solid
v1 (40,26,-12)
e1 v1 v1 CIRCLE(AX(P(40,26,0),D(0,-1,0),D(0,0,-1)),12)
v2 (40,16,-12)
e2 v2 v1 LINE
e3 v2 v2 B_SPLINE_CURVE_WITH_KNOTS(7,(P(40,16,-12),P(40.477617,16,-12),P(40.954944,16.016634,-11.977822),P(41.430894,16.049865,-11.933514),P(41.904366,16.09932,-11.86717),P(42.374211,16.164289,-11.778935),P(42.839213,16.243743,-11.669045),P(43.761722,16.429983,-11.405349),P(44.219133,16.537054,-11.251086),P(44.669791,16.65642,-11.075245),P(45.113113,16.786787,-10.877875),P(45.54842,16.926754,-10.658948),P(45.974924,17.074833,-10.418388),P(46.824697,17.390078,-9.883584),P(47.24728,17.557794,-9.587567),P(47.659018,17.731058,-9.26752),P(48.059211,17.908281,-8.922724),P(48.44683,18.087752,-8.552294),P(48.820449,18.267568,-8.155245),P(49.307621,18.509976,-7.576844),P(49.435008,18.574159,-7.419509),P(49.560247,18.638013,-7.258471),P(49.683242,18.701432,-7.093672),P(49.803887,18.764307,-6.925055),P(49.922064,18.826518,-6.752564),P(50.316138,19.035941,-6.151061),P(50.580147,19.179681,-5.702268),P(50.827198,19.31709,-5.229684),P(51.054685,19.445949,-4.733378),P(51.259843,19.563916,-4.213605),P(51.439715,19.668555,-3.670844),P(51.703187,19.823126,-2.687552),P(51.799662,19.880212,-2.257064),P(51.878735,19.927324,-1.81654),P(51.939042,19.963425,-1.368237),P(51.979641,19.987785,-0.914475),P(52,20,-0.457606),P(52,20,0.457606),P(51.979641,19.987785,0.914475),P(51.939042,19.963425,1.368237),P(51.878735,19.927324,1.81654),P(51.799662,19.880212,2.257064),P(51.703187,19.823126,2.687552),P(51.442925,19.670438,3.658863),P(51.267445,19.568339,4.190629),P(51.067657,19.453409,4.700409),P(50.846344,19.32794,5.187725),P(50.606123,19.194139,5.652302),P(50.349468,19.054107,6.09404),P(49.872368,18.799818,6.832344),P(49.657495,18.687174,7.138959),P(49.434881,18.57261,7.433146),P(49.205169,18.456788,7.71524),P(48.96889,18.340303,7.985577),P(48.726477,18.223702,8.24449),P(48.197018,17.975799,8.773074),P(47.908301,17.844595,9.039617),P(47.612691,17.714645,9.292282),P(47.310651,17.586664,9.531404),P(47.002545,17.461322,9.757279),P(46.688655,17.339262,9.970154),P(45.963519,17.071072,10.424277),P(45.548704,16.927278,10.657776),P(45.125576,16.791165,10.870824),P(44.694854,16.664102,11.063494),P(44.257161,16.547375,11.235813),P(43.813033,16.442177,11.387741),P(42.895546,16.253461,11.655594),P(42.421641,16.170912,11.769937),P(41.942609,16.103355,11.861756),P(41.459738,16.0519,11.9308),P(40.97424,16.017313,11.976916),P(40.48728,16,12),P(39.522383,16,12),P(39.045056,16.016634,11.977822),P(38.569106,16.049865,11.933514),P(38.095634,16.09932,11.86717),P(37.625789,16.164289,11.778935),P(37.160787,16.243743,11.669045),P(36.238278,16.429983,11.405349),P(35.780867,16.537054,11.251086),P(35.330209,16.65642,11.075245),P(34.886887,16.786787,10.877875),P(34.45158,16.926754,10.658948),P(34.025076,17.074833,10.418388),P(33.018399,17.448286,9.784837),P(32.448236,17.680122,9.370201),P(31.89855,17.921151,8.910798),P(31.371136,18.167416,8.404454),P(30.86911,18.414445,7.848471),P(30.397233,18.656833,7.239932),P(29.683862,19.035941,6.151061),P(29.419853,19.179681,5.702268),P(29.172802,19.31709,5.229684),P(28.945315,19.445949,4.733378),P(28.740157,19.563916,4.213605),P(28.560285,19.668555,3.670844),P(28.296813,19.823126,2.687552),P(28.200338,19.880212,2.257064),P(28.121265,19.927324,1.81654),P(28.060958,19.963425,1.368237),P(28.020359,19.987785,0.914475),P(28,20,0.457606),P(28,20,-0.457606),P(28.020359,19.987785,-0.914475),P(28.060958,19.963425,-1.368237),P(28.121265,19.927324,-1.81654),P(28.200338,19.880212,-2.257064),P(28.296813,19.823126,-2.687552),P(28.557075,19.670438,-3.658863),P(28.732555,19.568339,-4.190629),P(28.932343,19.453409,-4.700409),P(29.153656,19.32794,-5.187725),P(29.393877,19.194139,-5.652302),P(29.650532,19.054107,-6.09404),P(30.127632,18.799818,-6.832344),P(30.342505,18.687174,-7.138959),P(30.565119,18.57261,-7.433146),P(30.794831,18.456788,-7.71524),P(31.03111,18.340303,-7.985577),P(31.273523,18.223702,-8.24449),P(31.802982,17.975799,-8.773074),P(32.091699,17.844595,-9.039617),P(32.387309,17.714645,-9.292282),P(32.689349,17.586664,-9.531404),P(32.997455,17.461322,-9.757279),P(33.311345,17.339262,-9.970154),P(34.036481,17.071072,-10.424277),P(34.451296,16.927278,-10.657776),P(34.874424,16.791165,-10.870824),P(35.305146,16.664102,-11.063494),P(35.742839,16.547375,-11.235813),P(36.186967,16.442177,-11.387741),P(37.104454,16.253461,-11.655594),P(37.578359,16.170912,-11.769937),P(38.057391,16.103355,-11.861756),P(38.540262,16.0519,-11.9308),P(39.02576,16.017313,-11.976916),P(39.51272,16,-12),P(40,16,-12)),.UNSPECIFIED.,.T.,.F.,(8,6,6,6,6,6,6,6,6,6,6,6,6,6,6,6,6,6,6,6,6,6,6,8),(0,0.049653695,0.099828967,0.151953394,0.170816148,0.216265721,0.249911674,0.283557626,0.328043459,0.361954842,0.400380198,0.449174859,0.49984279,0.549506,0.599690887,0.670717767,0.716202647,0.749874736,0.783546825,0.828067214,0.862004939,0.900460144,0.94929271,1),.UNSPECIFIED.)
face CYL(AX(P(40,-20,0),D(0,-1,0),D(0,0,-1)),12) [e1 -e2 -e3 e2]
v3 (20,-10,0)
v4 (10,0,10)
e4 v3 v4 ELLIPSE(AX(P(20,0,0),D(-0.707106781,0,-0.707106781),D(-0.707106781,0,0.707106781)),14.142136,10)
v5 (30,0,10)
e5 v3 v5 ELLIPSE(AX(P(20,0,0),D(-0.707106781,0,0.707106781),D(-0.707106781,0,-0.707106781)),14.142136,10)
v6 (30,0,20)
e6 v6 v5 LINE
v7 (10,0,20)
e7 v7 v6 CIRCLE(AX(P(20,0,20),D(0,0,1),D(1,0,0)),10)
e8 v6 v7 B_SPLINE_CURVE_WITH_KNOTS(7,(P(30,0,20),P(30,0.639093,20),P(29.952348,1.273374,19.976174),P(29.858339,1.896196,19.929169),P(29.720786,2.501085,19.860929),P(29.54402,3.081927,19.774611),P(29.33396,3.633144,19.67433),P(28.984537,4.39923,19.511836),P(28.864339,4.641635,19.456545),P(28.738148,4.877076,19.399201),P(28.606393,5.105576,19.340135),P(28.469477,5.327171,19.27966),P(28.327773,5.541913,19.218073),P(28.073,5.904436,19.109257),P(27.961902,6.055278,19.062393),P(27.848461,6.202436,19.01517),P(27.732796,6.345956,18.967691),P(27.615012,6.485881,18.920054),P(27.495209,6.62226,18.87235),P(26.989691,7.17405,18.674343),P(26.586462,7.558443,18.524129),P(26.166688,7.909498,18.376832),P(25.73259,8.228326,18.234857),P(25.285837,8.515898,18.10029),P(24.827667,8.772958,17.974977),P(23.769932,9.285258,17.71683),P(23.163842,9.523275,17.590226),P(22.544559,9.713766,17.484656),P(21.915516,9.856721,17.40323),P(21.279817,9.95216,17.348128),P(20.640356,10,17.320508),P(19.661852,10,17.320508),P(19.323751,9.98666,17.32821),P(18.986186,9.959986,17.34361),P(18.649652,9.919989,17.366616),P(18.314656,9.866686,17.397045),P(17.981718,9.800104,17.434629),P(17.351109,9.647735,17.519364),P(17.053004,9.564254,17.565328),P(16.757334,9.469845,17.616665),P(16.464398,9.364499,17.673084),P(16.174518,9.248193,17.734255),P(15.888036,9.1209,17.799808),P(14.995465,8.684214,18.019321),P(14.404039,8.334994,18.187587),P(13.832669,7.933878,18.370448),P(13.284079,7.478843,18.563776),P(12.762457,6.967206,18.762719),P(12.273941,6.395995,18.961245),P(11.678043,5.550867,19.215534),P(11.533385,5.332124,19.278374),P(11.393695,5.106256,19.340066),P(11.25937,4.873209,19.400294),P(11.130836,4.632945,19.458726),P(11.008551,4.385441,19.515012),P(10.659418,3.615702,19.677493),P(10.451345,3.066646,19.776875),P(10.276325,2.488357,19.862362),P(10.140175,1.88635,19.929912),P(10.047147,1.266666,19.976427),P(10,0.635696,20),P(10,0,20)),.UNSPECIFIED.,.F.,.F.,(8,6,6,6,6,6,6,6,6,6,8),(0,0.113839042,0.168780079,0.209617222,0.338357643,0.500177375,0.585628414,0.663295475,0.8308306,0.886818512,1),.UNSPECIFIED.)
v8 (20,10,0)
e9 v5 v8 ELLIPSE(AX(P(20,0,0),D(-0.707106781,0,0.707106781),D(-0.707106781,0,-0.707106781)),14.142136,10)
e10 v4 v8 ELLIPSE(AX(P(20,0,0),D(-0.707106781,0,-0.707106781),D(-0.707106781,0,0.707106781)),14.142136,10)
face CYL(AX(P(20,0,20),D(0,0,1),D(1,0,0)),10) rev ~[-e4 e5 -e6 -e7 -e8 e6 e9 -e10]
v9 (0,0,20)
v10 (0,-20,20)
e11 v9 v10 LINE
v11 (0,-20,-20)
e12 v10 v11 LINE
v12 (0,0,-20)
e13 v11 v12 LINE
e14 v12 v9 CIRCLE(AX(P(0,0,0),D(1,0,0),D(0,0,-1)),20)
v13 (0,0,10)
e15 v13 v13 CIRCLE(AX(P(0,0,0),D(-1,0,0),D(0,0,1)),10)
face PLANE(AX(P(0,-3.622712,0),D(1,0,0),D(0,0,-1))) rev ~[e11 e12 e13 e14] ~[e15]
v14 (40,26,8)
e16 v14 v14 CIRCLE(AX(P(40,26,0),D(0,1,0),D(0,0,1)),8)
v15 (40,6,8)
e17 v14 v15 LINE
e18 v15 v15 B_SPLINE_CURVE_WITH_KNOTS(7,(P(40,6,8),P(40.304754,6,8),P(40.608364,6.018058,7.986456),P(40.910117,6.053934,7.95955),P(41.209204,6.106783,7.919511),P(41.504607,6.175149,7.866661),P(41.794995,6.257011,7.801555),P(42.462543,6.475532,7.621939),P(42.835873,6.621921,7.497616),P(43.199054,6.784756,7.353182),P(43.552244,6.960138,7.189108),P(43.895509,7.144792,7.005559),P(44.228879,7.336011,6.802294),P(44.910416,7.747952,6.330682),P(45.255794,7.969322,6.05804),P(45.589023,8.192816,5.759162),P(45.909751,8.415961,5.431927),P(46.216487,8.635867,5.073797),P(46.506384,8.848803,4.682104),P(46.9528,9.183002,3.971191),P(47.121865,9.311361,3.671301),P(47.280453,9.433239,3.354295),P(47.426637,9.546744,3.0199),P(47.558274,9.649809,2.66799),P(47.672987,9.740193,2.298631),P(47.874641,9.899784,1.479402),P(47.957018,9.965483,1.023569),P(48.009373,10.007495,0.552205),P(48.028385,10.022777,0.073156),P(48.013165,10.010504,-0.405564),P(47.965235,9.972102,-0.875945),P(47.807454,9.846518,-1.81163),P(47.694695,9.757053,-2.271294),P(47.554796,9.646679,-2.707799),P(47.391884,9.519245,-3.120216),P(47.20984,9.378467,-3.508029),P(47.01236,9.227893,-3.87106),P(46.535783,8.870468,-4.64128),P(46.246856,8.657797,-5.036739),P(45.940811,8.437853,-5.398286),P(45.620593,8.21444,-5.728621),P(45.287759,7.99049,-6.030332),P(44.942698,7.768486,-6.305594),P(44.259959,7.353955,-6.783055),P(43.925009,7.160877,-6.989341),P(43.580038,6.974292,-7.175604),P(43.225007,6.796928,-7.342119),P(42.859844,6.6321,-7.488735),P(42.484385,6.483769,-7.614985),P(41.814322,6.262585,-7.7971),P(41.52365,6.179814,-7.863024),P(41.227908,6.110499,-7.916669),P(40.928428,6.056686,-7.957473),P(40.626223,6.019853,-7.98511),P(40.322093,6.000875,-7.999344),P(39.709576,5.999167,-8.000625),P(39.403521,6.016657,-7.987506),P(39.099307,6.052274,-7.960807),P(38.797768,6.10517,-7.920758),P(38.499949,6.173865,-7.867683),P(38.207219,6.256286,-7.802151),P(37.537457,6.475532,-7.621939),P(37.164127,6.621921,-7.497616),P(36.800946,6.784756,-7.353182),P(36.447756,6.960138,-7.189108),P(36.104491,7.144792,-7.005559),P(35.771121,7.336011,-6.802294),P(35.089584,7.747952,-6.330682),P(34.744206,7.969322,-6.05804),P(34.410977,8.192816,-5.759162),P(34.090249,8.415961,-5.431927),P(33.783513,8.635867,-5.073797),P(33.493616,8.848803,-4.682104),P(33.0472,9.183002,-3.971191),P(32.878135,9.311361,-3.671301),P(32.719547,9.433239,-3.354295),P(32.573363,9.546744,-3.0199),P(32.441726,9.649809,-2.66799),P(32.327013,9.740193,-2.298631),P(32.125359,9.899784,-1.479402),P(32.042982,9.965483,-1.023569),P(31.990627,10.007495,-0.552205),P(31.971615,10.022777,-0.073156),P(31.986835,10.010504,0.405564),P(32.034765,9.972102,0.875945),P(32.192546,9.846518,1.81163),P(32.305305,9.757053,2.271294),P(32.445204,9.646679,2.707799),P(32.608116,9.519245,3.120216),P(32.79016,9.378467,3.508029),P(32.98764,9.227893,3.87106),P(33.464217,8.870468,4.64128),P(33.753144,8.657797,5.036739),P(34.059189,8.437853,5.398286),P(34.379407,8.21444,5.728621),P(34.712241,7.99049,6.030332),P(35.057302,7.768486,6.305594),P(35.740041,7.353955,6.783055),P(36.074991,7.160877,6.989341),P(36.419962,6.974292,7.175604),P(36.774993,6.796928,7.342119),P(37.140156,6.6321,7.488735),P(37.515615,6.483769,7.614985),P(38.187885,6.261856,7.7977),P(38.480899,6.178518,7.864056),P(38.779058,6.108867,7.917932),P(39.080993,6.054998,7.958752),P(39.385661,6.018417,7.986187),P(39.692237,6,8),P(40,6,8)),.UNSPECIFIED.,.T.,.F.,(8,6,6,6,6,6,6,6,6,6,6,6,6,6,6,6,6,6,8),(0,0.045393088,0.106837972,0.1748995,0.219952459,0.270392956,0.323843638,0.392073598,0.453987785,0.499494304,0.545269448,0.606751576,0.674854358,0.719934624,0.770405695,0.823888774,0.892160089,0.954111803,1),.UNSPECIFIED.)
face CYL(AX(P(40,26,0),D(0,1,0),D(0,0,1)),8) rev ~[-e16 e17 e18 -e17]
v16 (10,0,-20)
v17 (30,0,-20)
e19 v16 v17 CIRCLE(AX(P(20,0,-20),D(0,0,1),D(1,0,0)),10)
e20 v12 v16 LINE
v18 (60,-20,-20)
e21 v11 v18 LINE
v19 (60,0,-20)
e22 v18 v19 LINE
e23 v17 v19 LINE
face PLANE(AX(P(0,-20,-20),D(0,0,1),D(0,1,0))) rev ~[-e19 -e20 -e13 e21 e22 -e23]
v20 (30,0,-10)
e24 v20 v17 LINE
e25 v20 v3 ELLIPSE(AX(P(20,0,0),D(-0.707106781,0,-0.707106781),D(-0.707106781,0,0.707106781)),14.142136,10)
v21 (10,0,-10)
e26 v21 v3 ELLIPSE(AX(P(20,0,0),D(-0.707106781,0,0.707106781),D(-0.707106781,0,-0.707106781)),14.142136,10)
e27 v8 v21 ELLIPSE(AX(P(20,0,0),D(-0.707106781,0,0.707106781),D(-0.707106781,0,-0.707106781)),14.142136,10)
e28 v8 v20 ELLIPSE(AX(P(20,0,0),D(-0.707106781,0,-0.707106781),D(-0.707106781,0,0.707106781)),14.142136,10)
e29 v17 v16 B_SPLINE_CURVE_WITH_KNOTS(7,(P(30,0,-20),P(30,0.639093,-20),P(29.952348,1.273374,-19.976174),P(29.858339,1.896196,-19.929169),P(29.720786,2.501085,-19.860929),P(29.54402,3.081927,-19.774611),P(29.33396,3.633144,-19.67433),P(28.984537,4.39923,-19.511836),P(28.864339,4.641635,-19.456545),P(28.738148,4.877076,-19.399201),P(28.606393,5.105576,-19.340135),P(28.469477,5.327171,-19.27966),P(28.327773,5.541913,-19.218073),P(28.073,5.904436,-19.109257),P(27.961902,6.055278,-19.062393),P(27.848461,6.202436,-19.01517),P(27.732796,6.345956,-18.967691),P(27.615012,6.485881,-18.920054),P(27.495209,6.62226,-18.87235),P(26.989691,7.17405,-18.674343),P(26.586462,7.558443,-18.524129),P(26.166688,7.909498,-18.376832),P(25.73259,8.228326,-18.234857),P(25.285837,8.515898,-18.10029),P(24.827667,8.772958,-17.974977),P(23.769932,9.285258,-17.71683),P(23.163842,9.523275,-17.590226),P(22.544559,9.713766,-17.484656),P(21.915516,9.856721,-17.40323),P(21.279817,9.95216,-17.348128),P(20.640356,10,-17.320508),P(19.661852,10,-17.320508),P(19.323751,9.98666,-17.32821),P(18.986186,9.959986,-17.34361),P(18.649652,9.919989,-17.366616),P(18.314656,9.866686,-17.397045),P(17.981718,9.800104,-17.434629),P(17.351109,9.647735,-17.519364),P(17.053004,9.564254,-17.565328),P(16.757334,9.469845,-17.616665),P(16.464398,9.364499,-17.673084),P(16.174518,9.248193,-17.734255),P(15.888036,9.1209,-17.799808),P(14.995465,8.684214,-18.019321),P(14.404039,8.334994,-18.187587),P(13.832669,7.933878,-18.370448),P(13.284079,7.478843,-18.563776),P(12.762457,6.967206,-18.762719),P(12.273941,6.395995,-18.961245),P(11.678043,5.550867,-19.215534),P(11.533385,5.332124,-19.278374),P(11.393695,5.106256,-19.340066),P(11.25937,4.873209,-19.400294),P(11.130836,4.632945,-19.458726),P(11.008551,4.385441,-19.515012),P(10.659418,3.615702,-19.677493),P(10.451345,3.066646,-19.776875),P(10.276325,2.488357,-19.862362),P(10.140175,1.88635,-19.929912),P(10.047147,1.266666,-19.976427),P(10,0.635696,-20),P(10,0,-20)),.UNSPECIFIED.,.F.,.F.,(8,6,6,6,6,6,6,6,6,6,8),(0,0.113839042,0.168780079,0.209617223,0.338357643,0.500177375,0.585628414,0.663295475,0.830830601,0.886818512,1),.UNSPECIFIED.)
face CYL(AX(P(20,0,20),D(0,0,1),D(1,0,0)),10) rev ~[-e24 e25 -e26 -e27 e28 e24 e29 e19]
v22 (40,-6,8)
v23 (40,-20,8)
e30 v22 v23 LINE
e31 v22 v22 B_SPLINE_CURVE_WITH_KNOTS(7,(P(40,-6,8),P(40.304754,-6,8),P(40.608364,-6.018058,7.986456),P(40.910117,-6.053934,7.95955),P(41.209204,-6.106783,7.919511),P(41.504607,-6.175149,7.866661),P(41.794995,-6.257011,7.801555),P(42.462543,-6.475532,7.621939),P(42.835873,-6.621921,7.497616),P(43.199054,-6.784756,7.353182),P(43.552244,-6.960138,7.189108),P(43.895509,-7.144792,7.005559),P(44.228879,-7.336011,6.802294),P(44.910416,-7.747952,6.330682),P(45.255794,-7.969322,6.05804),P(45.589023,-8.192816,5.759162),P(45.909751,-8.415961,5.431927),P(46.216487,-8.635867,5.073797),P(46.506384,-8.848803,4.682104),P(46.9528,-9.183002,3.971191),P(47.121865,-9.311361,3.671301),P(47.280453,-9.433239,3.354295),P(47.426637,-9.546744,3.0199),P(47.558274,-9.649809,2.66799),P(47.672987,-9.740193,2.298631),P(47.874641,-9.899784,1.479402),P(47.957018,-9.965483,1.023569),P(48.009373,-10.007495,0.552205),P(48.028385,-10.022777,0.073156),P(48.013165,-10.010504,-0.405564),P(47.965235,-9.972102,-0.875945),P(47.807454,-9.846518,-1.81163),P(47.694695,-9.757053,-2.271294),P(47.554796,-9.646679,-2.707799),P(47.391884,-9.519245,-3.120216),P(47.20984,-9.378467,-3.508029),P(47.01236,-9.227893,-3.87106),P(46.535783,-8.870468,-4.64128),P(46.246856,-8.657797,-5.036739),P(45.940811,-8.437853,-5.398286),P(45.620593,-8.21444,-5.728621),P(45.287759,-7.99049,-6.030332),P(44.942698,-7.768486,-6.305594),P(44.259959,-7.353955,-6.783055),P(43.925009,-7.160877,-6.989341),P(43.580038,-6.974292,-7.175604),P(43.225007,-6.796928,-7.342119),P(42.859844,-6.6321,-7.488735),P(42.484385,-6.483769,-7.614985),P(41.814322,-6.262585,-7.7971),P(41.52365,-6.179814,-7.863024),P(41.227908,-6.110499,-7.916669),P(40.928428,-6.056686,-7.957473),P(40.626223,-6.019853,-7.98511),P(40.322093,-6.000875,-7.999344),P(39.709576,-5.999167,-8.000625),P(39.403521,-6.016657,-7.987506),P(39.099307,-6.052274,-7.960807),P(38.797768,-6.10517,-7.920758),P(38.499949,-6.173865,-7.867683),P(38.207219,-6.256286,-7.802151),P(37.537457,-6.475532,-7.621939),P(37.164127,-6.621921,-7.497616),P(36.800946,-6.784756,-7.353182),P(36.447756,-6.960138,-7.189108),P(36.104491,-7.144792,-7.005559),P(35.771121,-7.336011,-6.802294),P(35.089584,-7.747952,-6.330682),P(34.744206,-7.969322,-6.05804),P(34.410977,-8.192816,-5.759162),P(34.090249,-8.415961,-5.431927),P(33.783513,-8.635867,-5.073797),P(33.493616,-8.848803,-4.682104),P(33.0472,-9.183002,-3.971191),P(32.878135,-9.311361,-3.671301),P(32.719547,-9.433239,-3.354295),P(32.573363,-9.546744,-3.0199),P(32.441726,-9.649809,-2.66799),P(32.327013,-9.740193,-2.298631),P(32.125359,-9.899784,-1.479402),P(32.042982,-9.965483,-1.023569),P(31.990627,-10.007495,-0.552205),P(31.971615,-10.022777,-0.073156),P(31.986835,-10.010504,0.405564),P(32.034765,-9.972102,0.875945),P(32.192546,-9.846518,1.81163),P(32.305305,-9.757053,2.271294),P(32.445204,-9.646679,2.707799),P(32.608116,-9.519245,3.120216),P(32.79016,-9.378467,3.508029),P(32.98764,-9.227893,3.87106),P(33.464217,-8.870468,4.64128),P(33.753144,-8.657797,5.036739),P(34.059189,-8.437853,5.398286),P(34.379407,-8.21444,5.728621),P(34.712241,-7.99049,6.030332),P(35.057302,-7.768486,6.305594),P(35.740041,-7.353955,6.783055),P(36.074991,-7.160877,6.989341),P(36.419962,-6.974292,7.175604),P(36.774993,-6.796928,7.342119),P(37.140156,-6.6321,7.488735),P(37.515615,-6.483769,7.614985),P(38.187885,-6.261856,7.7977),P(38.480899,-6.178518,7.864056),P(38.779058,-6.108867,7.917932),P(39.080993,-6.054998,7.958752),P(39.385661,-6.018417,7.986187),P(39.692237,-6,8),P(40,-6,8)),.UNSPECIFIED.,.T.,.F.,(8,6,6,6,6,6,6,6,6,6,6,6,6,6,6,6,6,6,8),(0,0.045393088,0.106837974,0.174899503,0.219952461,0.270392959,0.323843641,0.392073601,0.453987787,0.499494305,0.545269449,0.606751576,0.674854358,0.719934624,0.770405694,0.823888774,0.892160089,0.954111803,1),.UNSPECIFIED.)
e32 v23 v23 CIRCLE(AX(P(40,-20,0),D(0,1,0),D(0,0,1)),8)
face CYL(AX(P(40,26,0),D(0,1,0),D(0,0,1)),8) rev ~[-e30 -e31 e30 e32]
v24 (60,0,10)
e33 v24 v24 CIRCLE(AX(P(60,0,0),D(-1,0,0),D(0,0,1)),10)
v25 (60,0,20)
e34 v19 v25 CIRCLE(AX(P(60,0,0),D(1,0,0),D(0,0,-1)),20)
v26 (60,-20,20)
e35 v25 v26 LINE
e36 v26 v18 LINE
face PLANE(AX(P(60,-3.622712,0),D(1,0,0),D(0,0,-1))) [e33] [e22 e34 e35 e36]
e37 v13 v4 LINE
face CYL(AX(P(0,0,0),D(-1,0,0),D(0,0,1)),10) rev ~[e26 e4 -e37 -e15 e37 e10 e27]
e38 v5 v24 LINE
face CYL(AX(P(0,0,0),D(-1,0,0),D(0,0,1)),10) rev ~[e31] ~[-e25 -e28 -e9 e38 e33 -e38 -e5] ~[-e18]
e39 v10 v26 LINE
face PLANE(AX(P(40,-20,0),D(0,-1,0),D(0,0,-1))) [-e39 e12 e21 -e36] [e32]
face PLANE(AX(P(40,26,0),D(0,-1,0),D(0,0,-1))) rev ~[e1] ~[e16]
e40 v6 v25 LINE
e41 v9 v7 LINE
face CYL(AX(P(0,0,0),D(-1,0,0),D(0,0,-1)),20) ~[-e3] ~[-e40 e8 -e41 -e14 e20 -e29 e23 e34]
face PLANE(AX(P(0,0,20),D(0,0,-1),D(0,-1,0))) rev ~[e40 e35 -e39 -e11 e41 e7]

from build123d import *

# Parameters (mm, degrees)
EXTRUDE_1_DEPTH     = 60
SKETCH_3_R          = 12
EXTRUDE_2_DEPTH     = 46
SKETCH_6_R          = 10
CUT_EXTRUDE_1_DEPTH = 69.381284144
SKETCH_7_R          = 8
CUT_EXTRUDE_2_DEPTH = 79.204859286
SKETCH_8_R          = 10
CUT_EXTRUDE_3_DEPTH = 77.655071751


with BuildPart() as part:
    # 草图1 → 凸台-拉伸1 (new body)
    with BuildSketch(Plane(origin=(0, 0, 0), x_dir=(0, 0, -1), z_dir=(1, 0, 0))):
        with BuildLine():
            Line((-20, 0), (-20, -20))
            Line((-20, -20), (20, -20))
            Line((20, -20), (20, 0))
            ThreePointArc((20, 0), (0, 20), (-20, 0))
        make_face()
    extrude(amount=EXTRUDE_1_DEPTH)

    # 草图3 → 凸台-拉伸2 (add)
    with BuildSketch(Plane(origin=(0, -20, 0), x_dir=(-1, 0, 0), z_dir=(0, -1, 0))):
        with Locations(Location((-40, 0, 0), (0, 0, 90))):
            Circle(SKETCH_3_R)
    extrude(amount=-EXTRUDE_2_DEPTH)

    # 草图6 → 切除-拉伸1 (cut, through all)
    with BuildSketch(Plane.ZY):
        Circle(SKETCH_6_R)
    extrude(amount=-CUT_EXTRUDE_1_DEPTH, mode=Mode.SUBTRACT)

    # 草图7 → 切除-拉伸2 (cut, through all)
    with BuildSketch(Plane(origin=(0, 26, 0), x_dir=(1, 0, 0), z_dir=(0, 1, 0))):
        with Locations(Location((40, 0, 0), (0, 0, 270))):
            Circle(SKETCH_7_R)
    extrude(amount=-CUT_EXTRUDE_2_DEPTH, mode=Mode.SUBTRACT)

    # 草图8 → 切除-拉伸3 (cut, through all)
    with BuildSketch(Plane.XY.offset(20)):
        with Locations((20, 0)):
            Circle(SKETCH_8_R)
    extrude(amount=-CUT_EXTRUDE_3_DEPTH, mode=Mode.SUBTRACT)


solid = part.part
